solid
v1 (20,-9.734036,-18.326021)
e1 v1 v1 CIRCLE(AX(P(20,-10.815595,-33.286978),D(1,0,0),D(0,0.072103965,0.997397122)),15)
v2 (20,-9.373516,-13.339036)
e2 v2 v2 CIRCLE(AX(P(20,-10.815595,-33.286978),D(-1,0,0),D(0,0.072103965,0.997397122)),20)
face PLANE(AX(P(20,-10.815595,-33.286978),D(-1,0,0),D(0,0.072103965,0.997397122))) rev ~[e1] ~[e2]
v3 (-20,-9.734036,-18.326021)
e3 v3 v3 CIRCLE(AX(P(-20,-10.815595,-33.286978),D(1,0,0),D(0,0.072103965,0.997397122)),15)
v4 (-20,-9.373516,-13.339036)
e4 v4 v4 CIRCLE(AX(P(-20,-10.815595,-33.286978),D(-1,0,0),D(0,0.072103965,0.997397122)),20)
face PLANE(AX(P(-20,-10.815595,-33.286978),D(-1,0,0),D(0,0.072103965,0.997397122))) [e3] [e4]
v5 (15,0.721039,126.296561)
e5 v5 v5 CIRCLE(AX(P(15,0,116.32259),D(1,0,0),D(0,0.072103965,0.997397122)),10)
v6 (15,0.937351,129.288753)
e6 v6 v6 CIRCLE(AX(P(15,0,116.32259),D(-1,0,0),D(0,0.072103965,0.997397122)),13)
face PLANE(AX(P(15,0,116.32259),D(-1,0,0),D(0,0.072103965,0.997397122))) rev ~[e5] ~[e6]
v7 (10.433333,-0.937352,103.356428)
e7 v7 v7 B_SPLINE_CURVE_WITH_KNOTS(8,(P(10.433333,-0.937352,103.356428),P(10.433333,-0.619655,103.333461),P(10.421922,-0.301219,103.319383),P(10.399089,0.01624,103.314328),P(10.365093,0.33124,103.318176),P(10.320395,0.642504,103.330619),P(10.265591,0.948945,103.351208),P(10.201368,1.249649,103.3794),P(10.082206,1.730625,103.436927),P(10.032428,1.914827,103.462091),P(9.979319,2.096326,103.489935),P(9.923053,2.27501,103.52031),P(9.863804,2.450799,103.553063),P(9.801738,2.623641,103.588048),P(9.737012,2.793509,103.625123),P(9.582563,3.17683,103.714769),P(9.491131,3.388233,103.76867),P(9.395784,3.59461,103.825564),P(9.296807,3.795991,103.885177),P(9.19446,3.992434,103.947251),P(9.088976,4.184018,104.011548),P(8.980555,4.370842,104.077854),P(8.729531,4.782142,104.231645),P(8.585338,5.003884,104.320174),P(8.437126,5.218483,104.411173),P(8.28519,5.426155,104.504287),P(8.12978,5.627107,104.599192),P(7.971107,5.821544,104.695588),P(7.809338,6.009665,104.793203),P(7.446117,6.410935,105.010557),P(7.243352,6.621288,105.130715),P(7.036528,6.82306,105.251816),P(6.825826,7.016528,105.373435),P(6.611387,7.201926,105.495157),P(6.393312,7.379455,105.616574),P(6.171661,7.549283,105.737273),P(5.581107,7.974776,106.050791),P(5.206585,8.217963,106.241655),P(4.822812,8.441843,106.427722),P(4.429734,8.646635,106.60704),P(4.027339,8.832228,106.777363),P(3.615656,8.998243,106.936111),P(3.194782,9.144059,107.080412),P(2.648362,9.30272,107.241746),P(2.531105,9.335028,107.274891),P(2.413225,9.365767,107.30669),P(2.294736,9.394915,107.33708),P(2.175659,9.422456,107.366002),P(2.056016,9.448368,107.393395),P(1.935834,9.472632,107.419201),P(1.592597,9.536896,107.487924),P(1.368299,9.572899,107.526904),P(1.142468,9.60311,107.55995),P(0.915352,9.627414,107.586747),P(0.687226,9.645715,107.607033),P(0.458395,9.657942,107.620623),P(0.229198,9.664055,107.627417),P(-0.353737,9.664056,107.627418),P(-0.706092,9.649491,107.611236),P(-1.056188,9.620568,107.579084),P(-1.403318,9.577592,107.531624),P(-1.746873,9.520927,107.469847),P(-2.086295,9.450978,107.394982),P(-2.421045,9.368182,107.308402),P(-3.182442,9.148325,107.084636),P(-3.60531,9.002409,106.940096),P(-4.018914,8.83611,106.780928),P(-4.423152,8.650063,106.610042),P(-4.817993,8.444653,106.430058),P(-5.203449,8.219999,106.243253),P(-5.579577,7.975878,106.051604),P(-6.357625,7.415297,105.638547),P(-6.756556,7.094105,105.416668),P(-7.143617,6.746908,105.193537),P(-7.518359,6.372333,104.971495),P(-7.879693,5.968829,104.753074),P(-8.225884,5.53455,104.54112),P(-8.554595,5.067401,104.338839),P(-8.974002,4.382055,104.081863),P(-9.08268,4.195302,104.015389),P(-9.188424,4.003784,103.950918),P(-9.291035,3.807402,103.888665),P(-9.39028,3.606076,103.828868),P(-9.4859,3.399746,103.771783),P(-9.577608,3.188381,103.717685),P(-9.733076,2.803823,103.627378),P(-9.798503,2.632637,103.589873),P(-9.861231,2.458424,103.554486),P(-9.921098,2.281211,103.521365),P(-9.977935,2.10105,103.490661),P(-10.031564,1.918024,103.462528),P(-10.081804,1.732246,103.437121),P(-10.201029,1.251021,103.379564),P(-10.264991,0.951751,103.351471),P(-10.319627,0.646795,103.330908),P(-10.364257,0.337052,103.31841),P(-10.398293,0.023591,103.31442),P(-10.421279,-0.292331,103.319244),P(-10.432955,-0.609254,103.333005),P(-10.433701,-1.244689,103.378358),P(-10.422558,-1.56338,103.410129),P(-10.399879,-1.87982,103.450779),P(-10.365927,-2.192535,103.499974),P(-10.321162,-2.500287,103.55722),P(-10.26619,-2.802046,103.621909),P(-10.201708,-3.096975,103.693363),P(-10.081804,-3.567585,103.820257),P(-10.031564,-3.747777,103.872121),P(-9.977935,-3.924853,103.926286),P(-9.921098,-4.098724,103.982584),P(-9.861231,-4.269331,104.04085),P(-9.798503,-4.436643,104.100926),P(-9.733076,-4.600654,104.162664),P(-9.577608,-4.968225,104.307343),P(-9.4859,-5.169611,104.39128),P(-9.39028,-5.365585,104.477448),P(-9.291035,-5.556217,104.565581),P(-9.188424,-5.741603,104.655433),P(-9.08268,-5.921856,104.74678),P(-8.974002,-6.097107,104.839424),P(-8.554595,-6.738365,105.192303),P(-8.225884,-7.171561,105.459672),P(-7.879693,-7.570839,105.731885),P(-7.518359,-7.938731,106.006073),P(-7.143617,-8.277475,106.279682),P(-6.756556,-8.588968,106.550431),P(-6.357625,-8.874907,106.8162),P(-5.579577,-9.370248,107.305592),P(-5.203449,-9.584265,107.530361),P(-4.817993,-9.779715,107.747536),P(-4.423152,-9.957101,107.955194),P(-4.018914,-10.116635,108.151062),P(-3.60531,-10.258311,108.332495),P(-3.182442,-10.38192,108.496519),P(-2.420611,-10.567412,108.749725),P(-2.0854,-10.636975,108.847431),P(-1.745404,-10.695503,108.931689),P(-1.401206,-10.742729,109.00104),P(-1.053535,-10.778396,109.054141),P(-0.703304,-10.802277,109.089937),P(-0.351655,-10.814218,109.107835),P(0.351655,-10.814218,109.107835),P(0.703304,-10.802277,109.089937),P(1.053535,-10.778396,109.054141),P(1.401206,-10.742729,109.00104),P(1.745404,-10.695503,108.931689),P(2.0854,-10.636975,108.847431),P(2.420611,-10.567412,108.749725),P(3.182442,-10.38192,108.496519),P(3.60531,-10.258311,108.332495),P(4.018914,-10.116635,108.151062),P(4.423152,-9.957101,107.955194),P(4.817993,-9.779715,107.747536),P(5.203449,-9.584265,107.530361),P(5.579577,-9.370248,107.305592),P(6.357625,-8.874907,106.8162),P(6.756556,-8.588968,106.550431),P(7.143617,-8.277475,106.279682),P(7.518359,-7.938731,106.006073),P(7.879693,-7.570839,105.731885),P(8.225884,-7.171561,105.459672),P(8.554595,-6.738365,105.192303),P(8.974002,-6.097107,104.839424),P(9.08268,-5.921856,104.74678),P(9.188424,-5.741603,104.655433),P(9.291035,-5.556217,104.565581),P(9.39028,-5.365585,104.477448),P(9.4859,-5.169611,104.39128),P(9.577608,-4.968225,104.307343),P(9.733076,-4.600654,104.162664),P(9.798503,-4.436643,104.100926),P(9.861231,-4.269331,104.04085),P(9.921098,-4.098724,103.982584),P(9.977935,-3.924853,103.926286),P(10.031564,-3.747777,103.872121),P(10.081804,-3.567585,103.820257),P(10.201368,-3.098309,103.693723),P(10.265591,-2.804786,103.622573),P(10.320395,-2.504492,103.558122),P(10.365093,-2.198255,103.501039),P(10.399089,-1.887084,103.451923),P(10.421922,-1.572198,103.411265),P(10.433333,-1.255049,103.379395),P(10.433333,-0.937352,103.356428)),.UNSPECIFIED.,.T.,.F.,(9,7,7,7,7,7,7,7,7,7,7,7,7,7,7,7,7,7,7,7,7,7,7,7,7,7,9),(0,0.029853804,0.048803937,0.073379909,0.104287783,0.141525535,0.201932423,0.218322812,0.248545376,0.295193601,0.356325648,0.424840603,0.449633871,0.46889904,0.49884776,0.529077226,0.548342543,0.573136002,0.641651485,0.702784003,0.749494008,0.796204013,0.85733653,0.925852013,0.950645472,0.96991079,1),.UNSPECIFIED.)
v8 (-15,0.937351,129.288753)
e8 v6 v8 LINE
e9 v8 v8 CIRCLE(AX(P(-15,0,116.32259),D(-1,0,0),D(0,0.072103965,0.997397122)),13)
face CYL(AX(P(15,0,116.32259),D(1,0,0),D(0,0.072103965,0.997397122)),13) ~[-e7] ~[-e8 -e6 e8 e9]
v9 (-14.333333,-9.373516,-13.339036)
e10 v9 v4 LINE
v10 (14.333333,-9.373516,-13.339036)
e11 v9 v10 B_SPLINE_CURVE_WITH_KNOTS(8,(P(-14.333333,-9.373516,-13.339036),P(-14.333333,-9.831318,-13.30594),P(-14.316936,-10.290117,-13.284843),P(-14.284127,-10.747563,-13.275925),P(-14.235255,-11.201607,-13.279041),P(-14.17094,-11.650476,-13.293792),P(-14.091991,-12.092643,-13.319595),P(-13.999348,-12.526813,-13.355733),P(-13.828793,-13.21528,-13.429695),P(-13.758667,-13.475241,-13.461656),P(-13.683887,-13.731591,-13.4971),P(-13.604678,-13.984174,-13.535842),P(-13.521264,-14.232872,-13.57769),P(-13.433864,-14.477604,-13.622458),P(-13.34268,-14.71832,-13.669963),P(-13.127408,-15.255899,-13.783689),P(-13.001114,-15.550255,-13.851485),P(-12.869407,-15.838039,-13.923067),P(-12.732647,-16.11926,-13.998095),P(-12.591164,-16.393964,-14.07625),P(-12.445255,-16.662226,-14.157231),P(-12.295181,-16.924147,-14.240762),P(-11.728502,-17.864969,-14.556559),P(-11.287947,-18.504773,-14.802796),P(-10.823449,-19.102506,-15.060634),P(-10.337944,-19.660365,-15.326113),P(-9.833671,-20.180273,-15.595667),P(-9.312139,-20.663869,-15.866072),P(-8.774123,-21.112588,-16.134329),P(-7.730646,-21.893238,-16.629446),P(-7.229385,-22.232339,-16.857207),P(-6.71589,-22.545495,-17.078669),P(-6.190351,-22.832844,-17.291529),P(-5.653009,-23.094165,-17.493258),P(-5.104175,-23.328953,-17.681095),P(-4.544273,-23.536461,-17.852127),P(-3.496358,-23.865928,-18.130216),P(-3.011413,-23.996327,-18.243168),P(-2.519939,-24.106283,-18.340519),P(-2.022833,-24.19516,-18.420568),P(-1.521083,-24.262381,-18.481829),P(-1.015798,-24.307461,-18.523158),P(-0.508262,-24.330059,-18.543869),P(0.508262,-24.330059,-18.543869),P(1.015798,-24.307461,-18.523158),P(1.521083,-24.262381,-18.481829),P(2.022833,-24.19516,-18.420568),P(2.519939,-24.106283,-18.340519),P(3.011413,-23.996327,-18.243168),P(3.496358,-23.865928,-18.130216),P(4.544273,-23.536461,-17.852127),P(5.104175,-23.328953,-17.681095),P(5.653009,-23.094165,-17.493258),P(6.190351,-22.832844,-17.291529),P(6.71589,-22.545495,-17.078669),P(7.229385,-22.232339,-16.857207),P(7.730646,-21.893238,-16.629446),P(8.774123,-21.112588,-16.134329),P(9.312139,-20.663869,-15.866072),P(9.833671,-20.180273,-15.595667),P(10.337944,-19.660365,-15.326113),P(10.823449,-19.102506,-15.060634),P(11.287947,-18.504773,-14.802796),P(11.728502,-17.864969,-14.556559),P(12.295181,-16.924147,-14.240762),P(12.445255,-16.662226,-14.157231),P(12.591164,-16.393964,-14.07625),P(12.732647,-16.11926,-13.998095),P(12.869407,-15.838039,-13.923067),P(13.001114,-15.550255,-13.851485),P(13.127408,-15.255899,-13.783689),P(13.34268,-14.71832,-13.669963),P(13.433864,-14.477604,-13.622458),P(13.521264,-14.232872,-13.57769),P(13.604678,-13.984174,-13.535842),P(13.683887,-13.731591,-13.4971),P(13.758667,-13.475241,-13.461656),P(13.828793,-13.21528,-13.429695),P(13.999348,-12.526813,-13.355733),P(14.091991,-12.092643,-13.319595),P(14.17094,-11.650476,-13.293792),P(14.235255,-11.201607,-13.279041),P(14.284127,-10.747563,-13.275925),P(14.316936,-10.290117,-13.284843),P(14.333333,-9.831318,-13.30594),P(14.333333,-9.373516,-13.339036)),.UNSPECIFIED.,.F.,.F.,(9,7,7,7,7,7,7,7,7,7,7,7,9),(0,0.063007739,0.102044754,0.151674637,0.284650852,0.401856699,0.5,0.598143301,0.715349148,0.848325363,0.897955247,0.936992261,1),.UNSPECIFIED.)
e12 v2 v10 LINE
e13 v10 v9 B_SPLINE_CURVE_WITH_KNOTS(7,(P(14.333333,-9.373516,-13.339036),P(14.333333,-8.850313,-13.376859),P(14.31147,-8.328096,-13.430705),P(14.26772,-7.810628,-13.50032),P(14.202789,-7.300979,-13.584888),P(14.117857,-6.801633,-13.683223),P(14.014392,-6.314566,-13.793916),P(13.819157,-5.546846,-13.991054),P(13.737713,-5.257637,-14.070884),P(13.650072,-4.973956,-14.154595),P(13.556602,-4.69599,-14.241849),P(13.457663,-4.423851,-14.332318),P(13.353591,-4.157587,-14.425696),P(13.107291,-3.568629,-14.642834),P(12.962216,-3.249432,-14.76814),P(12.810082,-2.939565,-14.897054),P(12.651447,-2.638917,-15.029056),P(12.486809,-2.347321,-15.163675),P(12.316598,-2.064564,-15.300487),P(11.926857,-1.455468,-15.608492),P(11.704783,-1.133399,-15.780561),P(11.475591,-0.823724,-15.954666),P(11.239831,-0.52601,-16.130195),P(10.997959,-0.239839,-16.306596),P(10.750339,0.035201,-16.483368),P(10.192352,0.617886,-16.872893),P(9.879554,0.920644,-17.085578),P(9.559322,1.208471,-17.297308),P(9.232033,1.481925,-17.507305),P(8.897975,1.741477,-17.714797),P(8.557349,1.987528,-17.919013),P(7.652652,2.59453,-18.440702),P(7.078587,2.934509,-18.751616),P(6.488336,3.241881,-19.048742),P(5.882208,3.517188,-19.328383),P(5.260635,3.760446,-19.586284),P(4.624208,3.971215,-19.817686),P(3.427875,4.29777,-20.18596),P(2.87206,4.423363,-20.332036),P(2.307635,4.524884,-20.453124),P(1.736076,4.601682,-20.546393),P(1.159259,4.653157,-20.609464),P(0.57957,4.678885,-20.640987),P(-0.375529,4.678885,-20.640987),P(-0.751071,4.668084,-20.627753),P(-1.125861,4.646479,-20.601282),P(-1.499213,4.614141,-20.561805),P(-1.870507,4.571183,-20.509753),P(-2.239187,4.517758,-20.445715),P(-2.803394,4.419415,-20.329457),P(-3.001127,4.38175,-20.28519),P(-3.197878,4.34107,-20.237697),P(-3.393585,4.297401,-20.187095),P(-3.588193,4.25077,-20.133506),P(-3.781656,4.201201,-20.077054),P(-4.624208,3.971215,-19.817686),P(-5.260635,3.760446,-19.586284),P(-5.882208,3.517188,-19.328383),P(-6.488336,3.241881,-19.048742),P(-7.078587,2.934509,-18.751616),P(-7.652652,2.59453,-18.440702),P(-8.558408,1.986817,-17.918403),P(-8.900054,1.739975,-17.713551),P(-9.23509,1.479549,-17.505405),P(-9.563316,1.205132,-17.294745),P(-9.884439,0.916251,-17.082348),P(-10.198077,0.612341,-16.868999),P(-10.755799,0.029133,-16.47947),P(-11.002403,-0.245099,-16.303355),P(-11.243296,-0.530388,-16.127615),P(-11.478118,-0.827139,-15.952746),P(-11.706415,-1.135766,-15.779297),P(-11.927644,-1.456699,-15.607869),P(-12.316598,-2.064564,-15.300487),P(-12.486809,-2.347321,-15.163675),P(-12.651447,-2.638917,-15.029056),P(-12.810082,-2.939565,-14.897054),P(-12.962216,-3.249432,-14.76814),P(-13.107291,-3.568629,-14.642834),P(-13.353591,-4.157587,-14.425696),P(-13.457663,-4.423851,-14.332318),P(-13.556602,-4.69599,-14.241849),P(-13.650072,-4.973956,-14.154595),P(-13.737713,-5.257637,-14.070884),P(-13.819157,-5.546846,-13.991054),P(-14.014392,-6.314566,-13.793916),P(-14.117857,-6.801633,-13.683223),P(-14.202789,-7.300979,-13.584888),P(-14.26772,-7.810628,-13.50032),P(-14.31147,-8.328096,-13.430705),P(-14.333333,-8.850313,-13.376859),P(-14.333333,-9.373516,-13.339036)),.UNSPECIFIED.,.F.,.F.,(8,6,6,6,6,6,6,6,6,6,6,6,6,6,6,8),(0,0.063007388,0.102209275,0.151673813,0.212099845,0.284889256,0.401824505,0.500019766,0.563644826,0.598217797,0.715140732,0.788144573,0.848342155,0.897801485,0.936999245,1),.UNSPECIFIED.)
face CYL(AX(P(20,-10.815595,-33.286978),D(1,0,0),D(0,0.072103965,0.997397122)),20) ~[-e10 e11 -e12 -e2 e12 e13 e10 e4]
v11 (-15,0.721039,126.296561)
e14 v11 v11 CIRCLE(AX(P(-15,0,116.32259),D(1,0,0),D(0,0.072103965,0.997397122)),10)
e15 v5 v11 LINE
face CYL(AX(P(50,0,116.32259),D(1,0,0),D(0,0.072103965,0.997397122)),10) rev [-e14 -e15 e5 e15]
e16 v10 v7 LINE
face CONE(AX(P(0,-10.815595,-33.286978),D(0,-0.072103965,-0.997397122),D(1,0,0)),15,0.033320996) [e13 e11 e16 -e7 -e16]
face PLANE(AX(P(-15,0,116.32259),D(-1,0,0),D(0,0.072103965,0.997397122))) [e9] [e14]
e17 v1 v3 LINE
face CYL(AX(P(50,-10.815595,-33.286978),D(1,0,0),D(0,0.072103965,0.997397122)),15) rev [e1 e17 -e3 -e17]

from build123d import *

# Parameters (mm, degrees)
CYLINDER006_R          = 10
CYLINDER006_DEPTH      = 100
CYLINDER007_R          = 15
CYLINDER007_DEPTH      = 100
CYLINDER004_R          = 13
CYLINDER004_DEPTH      = 30
CYLINDER005_R          = 20
CYLINDER005_DEPTH      = 40
CUT004_PLACEMENT_ANGLE = 355.865159


with BuildPart() as cylinder006:
    # Cylinder006 → Cylinder006 (new body)
    with BuildSketch(Plane(origin=(50, 0, 150), x_dir=(0, 0, 1), z_dir=(-1, 0, 0))):
        Circle(CYLINDER006_R)
    extrude(amount=CYLINDER006_DEPTH)


with BuildPart() as compound002:
    # Cylinder007 → Cylinder007 (new body)
    with BuildSketch(Plane.ZY.offset(-50)):
        Circle(CYLINDER007_R)
    extrude(amount=CYLINDER007_DEPTH)

    # Compound002: union Cylinder006
    add(cylinder006.part)


with BuildPart() as cone003:
    # Cone001002 → Cone001002 (revolve)
    with BuildSketch(Plane.XZ):
        Polygon((0, 0), (15, 0), (10, 150), (0, 150), align=None)
    revolve(axis=Axis((0, 0, 0), (0, 0, 1)))


with BuildPart() as cylinder004:
    # Cylinder004 → Cylinder004 (new body)
    with BuildSketch(Plane(origin=(15, 0, 150), x_dir=(0, 0, 1), z_dir=(-1, 0, 0))):
        Circle(CYLINDER004_R)
    extrude(amount=CYLINDER004_DEPTH)


with BuildPart() as crank:
    # Cylinder005 → Cylinder005 (new body)
    with BuildSketch(Plane.ZY.offset(-20)):
        Circle(CYLINDER005_R)
    extrude(amount=CYLINDER005_DEPTH)

    # Fusion002: union Cone003, Cylinder004
    add(cone003.part)
    add(cylinder004.part)

    # Cut004: cut Compound002
    add(compound002.part, mode=Mode.SUBTRACT)


with BuildPart() as crank_1:
    # Cut004 placement: moved
    add(crank.part.moved(Location((0, -10.815595, -33.286978))).rotate(Axis((0, -10.815595, -33.286978), (1, 0, 0)), CUT004_PLACEMENT_ANGLE))


solid = crank_1.part
